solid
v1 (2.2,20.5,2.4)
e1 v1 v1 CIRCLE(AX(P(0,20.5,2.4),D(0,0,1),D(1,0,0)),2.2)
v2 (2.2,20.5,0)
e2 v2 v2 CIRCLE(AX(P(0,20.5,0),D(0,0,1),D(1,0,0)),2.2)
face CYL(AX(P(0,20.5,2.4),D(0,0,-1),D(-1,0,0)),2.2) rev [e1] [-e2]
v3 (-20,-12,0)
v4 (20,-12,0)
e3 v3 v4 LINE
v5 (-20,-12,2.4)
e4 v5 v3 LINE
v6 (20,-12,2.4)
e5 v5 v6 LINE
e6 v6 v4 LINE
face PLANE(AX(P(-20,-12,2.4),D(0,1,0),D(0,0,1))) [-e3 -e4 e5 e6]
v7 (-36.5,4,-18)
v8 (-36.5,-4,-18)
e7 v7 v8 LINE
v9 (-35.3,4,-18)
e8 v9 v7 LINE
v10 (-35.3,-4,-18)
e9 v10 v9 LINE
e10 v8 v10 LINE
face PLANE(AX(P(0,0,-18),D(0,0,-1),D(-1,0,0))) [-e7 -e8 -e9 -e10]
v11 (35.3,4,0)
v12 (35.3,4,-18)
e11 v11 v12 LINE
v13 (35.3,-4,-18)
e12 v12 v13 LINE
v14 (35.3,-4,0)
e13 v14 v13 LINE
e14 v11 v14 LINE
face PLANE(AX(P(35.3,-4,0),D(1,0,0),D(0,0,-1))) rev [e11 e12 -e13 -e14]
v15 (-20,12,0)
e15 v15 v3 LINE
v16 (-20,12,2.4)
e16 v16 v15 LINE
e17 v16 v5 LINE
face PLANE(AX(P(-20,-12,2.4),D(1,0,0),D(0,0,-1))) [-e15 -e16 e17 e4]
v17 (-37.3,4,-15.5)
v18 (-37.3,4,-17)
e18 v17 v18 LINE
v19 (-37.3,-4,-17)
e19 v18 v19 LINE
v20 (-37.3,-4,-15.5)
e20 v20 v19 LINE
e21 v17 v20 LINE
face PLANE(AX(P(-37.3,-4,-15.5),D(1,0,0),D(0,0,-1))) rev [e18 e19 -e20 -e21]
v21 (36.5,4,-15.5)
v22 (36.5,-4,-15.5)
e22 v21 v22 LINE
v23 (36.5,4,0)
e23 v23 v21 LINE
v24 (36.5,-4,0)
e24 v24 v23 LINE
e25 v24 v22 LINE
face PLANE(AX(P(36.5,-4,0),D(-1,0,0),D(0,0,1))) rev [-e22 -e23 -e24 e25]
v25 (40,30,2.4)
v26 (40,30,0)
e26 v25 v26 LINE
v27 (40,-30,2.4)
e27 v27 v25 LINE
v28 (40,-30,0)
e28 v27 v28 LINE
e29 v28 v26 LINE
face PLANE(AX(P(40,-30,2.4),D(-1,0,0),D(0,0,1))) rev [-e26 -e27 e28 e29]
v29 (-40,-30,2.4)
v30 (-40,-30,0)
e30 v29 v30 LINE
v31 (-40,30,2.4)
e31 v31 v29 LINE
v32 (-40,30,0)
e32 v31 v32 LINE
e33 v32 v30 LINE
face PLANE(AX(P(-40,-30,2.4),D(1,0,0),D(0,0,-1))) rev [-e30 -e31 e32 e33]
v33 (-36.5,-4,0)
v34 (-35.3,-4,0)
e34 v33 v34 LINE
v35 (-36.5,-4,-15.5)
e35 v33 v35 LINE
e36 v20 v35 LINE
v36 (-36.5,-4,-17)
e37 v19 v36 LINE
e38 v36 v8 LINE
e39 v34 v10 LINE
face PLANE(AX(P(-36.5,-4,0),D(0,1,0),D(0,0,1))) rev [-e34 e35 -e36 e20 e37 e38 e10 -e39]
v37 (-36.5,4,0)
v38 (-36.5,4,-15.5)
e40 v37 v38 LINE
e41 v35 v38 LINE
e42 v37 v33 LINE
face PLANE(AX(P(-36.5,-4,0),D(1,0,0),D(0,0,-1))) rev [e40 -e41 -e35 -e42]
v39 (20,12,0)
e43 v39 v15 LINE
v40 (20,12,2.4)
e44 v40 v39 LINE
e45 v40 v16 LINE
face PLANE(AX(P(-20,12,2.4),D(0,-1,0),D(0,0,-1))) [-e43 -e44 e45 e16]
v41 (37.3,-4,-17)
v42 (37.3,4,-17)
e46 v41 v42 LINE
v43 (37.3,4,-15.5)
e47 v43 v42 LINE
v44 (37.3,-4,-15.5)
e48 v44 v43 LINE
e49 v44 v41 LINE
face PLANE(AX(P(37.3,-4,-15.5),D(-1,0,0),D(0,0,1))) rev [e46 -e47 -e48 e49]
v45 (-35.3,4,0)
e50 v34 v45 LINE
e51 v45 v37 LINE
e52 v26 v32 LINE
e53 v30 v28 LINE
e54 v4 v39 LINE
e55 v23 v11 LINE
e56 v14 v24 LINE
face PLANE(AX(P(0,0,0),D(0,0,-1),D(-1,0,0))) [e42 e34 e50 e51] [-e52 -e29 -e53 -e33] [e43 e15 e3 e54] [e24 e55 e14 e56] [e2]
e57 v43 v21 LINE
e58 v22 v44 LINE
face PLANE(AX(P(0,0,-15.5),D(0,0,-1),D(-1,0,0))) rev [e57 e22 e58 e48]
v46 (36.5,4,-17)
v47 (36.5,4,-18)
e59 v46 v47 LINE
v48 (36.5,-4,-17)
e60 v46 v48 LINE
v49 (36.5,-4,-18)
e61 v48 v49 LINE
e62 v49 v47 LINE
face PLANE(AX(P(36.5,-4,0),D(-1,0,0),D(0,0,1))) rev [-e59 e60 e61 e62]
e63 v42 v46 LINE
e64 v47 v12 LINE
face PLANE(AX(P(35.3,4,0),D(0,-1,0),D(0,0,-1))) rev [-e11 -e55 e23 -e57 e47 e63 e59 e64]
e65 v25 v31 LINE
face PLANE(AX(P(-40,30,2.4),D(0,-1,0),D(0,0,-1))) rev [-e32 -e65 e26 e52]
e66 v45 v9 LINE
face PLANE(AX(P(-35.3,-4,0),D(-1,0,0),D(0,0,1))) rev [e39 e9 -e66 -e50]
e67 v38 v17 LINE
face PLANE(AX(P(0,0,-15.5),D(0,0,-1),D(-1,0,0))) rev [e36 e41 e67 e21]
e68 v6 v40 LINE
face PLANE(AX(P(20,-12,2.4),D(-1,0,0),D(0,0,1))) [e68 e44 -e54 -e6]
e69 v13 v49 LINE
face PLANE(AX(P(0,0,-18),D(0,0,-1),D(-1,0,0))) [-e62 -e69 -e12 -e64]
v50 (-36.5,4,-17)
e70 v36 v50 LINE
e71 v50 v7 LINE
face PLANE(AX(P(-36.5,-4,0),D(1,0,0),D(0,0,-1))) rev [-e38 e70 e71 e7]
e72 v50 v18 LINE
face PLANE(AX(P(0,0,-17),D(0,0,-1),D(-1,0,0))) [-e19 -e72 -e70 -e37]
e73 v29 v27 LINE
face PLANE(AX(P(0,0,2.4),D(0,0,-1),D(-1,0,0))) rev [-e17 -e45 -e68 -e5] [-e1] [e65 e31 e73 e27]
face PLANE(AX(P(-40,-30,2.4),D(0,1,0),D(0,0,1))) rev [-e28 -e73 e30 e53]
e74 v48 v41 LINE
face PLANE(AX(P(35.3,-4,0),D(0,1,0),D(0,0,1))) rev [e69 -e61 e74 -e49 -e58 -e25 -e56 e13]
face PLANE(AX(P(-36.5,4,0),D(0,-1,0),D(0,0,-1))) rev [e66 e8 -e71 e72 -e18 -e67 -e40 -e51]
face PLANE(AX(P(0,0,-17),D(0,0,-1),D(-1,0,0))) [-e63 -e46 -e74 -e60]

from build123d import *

# Parameters (mm, degrees)
SKETCH2_W                  = 80
SKETCH2_H                  = 60
SKETCH2_W_2                = 40
SKETCH2_H_2                = 24
LID_FRAME_DEPTH            = 2.4
SNAP_LEFT_START            = -18
SKETCH3_W                  = 1.2
SKETCH3_H                  = 8
SNAP_LEFT_DEPTH            = 18
SNAP_RIGHT_START           = -18
SKETCH4_W                  = 1.2
SKETCH4_H                  = 8
SNAP_RIGHT_DEPTH           = 18
HOOK_LEFT_START            = -17
SKETCH5_W                  = 0.8
SKETCH5_H                  = 8
HOOK_LEFT_DEPTH            = 1.5
HOOK_RIGHT_START           = -17
SKETCH6_W                  = 0.8
SKETCH6_H                  = 8
HOOK_RIGHT_DEPTH           = 1.5
SKETCH8_R                  = 2.2
SHAFT_CLEARANCE_D4P4_DEPTH = 54.141321022


with BuildPart() as part:
    # Sketch2 → Lid_frame (new body)
    with BuildSketch(Plane.XY):
        Rectangle(SKETCH2_W, SKETCH2_H)
        Rectangle(SKETCH2_W_2, SKETCH2_H_2, mode=Mode.SUBTRACT)
    extrude(amount=LID_FRAME_DEPTH)

    # Sketch3 → Snap_left (add)
    with BuildSketch(Plane.XY.offset(SNAP_LEFT_START)):
        with Locations((-35.9, 0)):
            Rectangle(SKETCH3_W, SKETCH3_H)
    extrude(amount=SNAP_LEFT_DEPTH)

    # Sketch4 → Snap_right (add)
    with BuildSketch(Plane.XY.offset(SNAP_RIGHT_START)):
        with Locations((35.9, 0)):
            Rectangle(SKETCH4_W, SKETCH4_H)
    extrude(amount=SNAP_RIGHT_DEPTH)

    # Sketch5 → Hook_left (add)
    with BuildSketch(Plane.XY.offset(HOOK_LEFT_START)):
        with Locations((-36.9, 0)):
            Rectangle(SKETCH5_W, SKETCH5_H)
    extrude(amount=HOOK_LEFT_DEPTH)

    # Sketch6 → Hook_right (add)
    with BuildSketch(Plane.XY.offset(HOOK_RIGHT_START)):
        with Locations((36.9, 0)):
            Rectangle(SKETCH6_W, SKETCH6_H)
    extrude(amount=HOOK_RIGHT_DEPTH)

    # Sketch8 → Shaft_clearance_D4p4 (cut, through all)
    with BuildSketch(Plane.XY):
        with Locations((0, 20.5)):
            Circle(SKETCH8_R)
    extrude(amount=SHAFT_CLEARANCE_D4P4_DEPTH, mode=Mode.SUBTRACT)


solid = part.part
